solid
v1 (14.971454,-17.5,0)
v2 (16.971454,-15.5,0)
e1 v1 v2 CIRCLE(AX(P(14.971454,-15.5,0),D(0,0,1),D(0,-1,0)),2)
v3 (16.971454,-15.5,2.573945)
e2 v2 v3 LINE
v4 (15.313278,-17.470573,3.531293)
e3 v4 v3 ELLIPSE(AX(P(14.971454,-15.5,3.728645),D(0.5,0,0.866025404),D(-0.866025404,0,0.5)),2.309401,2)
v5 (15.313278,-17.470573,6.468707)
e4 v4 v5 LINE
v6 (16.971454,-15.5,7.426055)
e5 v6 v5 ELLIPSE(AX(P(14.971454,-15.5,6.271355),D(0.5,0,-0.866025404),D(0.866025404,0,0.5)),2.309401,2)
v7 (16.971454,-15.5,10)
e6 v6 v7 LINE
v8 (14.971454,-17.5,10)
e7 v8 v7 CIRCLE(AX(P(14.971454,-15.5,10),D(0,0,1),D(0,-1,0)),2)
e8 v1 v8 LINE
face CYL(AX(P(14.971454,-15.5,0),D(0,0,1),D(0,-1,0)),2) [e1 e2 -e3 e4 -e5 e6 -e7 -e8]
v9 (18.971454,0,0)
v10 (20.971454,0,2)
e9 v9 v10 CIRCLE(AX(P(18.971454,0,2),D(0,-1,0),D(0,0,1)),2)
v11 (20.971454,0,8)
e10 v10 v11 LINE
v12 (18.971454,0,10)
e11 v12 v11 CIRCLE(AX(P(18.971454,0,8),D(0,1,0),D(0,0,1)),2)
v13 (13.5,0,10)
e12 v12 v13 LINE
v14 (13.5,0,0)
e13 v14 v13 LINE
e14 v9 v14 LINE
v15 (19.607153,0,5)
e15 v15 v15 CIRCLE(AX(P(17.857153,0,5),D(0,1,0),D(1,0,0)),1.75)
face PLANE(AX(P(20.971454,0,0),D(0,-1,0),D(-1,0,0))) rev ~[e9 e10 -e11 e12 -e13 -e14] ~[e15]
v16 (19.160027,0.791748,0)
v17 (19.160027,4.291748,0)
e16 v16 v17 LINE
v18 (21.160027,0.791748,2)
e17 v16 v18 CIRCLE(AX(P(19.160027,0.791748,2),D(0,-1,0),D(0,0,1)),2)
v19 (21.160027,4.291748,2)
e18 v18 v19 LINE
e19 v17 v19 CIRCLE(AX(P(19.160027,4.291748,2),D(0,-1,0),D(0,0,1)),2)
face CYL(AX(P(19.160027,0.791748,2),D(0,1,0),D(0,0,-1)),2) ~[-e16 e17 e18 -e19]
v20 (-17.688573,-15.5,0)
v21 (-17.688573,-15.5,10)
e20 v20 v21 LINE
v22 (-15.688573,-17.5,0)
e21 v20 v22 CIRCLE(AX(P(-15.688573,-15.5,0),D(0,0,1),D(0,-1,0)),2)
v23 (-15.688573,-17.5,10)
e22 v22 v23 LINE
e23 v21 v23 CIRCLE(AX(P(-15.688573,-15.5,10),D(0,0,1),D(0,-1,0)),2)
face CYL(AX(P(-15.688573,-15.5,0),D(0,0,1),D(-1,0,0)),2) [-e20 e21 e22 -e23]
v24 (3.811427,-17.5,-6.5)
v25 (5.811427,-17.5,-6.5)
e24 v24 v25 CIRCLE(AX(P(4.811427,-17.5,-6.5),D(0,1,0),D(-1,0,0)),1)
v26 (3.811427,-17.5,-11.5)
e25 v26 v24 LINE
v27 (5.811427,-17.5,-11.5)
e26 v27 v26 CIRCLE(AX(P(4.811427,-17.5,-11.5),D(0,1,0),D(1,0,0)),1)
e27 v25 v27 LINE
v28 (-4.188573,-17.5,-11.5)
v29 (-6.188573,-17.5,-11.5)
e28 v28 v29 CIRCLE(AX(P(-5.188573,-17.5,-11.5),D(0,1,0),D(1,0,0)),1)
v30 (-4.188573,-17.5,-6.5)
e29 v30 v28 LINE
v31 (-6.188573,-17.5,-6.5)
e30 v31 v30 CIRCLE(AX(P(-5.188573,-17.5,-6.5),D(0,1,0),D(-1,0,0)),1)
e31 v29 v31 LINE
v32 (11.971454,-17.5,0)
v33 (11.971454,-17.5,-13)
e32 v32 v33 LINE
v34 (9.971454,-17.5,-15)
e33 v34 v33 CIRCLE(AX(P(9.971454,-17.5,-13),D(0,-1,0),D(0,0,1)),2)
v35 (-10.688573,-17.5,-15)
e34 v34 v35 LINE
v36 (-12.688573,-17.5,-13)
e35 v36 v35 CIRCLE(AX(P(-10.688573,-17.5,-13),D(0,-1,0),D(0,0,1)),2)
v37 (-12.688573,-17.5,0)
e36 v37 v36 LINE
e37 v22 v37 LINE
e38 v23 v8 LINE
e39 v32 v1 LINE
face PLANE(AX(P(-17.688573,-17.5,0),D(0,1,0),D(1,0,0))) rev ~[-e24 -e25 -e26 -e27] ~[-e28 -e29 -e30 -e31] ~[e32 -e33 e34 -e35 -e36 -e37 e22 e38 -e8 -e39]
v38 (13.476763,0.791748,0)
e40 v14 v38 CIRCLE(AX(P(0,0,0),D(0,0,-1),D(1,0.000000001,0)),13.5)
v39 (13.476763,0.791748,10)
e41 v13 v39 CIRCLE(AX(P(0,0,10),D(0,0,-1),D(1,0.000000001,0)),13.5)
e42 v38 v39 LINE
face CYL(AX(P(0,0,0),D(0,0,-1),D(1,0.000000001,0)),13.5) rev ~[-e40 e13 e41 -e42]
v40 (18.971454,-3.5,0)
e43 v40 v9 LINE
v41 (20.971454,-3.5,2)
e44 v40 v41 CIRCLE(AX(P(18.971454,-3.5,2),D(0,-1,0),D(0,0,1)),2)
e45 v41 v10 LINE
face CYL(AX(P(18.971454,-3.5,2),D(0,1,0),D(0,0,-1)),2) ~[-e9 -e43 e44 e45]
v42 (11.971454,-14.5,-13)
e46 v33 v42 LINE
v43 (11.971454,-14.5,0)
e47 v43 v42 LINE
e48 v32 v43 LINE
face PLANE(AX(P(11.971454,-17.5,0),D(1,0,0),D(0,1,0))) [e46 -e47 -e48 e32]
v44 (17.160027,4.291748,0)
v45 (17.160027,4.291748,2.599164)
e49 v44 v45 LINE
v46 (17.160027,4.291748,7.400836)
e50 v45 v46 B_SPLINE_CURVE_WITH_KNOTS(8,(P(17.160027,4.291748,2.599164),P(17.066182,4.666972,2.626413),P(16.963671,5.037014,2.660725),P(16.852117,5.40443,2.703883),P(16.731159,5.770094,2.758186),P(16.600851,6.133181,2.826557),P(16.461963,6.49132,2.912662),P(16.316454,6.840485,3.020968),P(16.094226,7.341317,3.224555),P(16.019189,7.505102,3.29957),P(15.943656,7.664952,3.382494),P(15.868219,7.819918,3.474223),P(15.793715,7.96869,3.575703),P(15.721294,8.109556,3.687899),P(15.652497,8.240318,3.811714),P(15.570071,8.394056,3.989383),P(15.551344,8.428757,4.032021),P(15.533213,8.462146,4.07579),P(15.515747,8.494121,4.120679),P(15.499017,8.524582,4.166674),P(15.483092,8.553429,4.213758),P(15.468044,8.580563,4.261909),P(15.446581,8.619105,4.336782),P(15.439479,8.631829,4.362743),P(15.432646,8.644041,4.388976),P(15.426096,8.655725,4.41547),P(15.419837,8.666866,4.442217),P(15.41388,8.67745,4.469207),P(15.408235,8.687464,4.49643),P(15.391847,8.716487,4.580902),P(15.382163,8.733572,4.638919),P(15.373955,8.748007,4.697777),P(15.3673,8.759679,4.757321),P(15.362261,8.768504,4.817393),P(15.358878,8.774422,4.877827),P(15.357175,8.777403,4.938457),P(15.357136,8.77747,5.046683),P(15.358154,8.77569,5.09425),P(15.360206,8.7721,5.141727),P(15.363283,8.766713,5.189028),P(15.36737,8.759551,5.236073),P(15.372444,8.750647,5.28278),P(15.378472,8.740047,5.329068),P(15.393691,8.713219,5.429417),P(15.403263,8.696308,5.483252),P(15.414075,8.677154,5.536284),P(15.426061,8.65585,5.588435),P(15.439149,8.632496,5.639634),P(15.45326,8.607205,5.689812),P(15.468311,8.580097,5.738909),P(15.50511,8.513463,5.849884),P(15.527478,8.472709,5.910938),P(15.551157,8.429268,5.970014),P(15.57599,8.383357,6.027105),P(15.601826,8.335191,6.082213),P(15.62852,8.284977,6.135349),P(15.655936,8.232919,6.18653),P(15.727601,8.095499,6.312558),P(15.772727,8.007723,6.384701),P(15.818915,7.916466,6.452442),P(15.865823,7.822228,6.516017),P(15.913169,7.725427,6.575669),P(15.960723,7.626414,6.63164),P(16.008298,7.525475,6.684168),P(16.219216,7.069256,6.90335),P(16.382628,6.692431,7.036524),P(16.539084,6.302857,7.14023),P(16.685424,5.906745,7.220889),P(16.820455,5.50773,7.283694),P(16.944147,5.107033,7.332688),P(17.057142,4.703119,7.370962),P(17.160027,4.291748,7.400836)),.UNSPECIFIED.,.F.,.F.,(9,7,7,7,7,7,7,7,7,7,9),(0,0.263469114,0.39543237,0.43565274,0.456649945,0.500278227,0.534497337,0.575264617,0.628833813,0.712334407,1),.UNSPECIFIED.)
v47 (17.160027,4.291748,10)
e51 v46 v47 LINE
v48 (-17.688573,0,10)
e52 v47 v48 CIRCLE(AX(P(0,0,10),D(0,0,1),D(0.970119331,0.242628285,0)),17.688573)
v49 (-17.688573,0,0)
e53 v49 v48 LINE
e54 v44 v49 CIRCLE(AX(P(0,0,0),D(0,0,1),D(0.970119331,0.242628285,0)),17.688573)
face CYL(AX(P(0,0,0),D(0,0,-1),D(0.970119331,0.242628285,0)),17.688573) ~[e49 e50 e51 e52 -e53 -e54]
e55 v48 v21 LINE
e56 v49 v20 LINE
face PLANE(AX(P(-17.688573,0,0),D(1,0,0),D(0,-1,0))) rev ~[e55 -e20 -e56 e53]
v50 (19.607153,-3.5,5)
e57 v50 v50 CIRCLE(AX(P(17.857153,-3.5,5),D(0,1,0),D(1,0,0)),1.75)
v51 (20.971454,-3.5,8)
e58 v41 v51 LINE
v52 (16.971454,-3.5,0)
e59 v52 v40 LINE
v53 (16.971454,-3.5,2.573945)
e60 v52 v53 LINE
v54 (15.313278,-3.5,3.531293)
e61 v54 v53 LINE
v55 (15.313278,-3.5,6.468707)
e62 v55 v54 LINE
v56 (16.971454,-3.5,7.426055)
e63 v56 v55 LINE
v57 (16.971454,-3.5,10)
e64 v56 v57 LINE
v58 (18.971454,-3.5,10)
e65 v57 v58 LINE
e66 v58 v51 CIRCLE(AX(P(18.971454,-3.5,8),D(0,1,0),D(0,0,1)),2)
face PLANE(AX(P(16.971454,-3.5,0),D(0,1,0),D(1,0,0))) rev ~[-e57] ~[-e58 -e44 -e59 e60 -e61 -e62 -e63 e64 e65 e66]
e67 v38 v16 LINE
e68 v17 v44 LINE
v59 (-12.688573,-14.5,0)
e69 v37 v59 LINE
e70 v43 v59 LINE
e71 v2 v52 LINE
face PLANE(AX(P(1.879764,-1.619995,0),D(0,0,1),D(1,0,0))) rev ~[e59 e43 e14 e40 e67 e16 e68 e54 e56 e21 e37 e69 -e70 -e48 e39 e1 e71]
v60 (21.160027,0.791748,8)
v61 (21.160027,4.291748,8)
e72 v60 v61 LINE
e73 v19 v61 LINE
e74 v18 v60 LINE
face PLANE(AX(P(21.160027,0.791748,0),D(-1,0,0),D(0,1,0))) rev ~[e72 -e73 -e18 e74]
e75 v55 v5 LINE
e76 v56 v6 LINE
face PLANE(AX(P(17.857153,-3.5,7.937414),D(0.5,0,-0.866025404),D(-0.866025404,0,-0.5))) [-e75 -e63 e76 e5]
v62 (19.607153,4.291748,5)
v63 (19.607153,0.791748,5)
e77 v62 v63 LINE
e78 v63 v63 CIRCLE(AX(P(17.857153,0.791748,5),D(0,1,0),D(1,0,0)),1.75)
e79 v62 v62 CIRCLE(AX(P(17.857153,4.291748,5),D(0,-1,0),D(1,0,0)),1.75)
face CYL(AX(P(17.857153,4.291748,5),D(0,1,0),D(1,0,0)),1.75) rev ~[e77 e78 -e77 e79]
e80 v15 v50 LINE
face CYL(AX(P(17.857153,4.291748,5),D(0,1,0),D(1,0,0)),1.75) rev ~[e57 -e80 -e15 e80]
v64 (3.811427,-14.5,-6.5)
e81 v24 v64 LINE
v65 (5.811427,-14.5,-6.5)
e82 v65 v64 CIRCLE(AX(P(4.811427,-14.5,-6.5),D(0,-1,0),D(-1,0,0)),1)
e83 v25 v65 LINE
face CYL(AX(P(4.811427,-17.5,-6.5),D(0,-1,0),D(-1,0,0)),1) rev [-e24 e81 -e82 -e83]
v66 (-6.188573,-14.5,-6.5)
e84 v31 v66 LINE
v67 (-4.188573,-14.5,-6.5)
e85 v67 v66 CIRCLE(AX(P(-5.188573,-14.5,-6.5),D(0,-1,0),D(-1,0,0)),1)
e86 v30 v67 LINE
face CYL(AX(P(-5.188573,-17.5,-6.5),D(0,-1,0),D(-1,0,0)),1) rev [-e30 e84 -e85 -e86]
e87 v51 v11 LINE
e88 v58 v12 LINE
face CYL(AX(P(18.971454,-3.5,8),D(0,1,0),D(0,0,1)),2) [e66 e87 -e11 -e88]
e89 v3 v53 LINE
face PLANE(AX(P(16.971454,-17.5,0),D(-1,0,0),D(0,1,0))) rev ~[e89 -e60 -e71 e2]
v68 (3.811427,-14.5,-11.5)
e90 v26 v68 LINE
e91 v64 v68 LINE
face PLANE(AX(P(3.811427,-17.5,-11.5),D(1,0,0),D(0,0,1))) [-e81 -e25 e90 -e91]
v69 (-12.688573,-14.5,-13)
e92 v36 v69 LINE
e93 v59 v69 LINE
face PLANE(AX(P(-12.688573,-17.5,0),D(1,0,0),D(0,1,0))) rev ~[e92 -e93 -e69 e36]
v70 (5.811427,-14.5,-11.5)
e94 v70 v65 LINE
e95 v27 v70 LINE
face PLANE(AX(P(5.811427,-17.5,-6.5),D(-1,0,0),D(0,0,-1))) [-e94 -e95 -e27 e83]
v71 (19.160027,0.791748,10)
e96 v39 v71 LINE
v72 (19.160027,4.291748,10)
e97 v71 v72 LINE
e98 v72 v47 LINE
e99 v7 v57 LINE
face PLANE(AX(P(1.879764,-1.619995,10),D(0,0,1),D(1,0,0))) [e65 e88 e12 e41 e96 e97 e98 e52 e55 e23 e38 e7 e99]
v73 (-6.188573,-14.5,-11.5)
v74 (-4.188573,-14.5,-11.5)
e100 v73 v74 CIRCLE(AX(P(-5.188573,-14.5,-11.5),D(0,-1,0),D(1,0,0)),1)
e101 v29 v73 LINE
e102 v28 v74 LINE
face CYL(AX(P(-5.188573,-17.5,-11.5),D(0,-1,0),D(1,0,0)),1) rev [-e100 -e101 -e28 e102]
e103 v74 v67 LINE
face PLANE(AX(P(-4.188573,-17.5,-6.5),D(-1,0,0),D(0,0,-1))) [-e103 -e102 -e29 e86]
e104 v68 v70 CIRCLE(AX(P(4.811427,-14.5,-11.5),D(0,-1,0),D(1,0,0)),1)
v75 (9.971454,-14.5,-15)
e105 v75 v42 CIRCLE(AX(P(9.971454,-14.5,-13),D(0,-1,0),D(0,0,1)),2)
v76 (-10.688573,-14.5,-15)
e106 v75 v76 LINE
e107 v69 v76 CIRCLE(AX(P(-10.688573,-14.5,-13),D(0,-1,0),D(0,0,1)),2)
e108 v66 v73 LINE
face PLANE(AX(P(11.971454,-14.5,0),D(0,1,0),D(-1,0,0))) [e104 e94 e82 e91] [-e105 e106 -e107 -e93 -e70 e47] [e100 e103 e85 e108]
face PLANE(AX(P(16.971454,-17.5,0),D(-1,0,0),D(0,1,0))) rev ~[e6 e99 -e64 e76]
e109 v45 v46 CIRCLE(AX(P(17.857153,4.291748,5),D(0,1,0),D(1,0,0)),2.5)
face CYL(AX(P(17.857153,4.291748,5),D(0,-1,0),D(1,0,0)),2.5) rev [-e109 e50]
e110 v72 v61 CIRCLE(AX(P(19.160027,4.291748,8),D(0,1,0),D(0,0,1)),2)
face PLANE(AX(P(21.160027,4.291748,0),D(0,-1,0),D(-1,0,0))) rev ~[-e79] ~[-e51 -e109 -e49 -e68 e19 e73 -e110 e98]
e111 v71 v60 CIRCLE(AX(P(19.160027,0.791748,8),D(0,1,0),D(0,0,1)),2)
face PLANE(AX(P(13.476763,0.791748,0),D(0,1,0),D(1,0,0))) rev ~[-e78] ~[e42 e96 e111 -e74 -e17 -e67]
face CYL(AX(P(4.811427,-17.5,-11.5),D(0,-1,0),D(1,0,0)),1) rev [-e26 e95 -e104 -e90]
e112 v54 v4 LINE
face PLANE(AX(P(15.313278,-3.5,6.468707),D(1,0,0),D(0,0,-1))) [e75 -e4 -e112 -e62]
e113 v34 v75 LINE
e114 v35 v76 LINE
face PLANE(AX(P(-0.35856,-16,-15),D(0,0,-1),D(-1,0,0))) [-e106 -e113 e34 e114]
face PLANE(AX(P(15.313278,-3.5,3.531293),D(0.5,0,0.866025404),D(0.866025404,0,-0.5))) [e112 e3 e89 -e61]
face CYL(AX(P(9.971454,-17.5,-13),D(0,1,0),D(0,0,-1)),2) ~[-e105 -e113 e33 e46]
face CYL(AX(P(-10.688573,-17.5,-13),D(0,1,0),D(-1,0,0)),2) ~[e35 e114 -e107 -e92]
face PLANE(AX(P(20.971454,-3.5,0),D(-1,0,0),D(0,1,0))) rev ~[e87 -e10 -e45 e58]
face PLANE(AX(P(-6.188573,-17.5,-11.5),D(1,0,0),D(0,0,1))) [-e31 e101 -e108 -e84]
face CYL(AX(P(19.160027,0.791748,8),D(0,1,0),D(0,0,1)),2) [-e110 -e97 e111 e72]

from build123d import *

# Parameters (mm, degrees)
SALIENTE_EXTRUIR1_DEPTH    = 10
CROQUIS2_W                 = 24.660026533
CROQUIS2_H                 = 3
SALIENTE_EXTRUIR2_DEPTH    = 15
CORTAR_EXTRUIR1_DEPTH      = 15
REDONDEO1_R                = 2
CROQUIS4_R                 = 1.75
CORTAR_EXTRUIR2_DEPTH      = 15
CORTAR_EXTRUIR2_DEPTH_BACK = 25
CROQUIS5_R                 = 2.5
CORTAR_EXTRUIR3_DEPTH      = 25
CORTAR_EXTRUIR4_DEPTH      = 25


with BuildPart() as part:
    # Croquis1 → Saliente-Extruir1 (new body)
    with BuildSketch(Plane.XY):
        with BuildLine():
            Line((-17.688572934, 0), (-17.688572934, -17.5))
            Line((-17.688572934, -17.5), (16.971453599, -17.5))
            Line((16.971453599, -17.5), (16.971453599, -3.5))
            Line((16.971453599, -3.5), (20.971453599, -3.5))
            Line((20.971453599, -3.5), (20.971453599, 0))
            Line((20.971453599, 0), (13.5, 0))
            ThreePointArc((13.5, 0), (-13.494189444, -0.396044516), (13.476762776, 0.791748108))
            Line((13.476762776, 0.791748108), (21.160026533, 0.791748108))
            Line((21.160026533, 0.791748108), (21.160026533, 4.291748108))
            Line((21.160026533, 4.291748108), (17.160026533, 4.291748108))
            ThreePointArc((17.160026533, 4.291748108), (-2.162085979, 17.555939071), (-17.688572934, 0))
        make_face()
    extrude(amount=SALIENTE_EXTRUIR1_DEPTH)

    # Croquis2 → Saliente-Extruir2 (add)
    with BuildSketch(Plane(origin=(0, 0, 0), x_dir=(-1, 0, 0), z_dir=(0, 0, -1))):
        with Locations((0.358559668, -16)):
            Rectangle(CROQUIS2_W, CROQUIS2_H)
    extrude(amount=SALIENTE_EXTRUIR2_DEPTH)

    # Croquis3 → Cortar-Extruir1 (cut)
    with BuildSketch(Plane.XZ.offset(17.5)):
        with BuildLine():
            Line((5.811427066, -6.5), (5.811427066, -11.5))
            ThreePointArc((5.811427066, -11.5), (4.811427066, -12.5), (3.811427066, -11.5))
            Line((3.811427066, -11.5), (3.811427066, -6.5))
            ThreePointArc((3.811427066, -6.5), (4.811427066, -5.5), (5.811427066, -6.5))
        make_face()
        with BuildLine():
            Line((-4.188572934, -6.5), (-4.188572934, -11.5))
            ThreePointArc((-4.188572934, -11.5), (-5.188572934, -12.5), (-6.188572934, -11.5))
            Line((-6.188572934, -11.5), (-6.188572934, -6.5))
            ThreePointArc((-6.188572934, -6.5), (-5.188572934, -5.5), (-4.188572934, -6.5))
        make_face()
    extrude(amount=-CORTAR_EXTRUIR1_DEPTH, mode=Mode.SUBTRACT)

    # Redondeo1
    redondeo1_edges = [part.edges().sort_by_distance(p)[0] for p in [
        (16.971453599, -17.5, 5),
        (-17.688572934, -17.5, 5),
        (11.971453599, -16, -15),
        (-12.688572934, -16, -15),
        (21.160026533, 2.541748108, 10),
        (20.971453599, -1.75, 10),
        (20.971453599, -1.75, 0),
        (21.160026533, 2.541748108, 0),
    ]]
    fillet(redondeo1_edges, radius=REDONDEO1_R)

    # Croquis4 → Cortar-Extruir2 (cut, two sides)
    with BuildSketch(Plane(origin=(0, 4.291748108, 0), x_dir=(1, 0, 0), z_dir=(0, 1, 0))) as cortar_extruir2_sk:
        with Locations((17.857152829, -5)):
            Circle(CROQUIS4_R)
    extrude(amount=CORTAR_EXTRUIR2_DEPTH, mode=Mode.SUBTRACT)
    extrude(cortar_extruir2_sk.sketch, amount=-CORTAR_EXTRUIR2_DEPTH_BACK, mode=Mode.SUBTRACT)

    # Croquis5 → Cortar-Extruir3 (cut)
    with BuildSketch(Plane(origin=(0, 4.291748108, 0), x_dir=(1, 0, 0), z_dir=(0, 1, 0))):
        with Locations((17.857152829, -5)):
            Circle(CROQUIS5_R)
    extrude(amount=CORTAR_EXTRUIR3_DEPTH, mode=Mode.SUBTRACT)

    # Croquis8 → Cortar-Extruir4 (cut)
    with BuildSketch(Plane.XZ.offset(3.5)):
        Polygon((17.857152829, 7.937414178), (15.313277529, 6.468707089), (15.313277529, 3.531292911), (17.857152829, 2.062585822), (20.401028129, 3.531292911), (20.401028129, 6.468707089), align=None)
    extrude(amount=CORTAR_EXTRUIR4_DEPTH, mode=Mode.SUBTRACT)


solid = part.part
